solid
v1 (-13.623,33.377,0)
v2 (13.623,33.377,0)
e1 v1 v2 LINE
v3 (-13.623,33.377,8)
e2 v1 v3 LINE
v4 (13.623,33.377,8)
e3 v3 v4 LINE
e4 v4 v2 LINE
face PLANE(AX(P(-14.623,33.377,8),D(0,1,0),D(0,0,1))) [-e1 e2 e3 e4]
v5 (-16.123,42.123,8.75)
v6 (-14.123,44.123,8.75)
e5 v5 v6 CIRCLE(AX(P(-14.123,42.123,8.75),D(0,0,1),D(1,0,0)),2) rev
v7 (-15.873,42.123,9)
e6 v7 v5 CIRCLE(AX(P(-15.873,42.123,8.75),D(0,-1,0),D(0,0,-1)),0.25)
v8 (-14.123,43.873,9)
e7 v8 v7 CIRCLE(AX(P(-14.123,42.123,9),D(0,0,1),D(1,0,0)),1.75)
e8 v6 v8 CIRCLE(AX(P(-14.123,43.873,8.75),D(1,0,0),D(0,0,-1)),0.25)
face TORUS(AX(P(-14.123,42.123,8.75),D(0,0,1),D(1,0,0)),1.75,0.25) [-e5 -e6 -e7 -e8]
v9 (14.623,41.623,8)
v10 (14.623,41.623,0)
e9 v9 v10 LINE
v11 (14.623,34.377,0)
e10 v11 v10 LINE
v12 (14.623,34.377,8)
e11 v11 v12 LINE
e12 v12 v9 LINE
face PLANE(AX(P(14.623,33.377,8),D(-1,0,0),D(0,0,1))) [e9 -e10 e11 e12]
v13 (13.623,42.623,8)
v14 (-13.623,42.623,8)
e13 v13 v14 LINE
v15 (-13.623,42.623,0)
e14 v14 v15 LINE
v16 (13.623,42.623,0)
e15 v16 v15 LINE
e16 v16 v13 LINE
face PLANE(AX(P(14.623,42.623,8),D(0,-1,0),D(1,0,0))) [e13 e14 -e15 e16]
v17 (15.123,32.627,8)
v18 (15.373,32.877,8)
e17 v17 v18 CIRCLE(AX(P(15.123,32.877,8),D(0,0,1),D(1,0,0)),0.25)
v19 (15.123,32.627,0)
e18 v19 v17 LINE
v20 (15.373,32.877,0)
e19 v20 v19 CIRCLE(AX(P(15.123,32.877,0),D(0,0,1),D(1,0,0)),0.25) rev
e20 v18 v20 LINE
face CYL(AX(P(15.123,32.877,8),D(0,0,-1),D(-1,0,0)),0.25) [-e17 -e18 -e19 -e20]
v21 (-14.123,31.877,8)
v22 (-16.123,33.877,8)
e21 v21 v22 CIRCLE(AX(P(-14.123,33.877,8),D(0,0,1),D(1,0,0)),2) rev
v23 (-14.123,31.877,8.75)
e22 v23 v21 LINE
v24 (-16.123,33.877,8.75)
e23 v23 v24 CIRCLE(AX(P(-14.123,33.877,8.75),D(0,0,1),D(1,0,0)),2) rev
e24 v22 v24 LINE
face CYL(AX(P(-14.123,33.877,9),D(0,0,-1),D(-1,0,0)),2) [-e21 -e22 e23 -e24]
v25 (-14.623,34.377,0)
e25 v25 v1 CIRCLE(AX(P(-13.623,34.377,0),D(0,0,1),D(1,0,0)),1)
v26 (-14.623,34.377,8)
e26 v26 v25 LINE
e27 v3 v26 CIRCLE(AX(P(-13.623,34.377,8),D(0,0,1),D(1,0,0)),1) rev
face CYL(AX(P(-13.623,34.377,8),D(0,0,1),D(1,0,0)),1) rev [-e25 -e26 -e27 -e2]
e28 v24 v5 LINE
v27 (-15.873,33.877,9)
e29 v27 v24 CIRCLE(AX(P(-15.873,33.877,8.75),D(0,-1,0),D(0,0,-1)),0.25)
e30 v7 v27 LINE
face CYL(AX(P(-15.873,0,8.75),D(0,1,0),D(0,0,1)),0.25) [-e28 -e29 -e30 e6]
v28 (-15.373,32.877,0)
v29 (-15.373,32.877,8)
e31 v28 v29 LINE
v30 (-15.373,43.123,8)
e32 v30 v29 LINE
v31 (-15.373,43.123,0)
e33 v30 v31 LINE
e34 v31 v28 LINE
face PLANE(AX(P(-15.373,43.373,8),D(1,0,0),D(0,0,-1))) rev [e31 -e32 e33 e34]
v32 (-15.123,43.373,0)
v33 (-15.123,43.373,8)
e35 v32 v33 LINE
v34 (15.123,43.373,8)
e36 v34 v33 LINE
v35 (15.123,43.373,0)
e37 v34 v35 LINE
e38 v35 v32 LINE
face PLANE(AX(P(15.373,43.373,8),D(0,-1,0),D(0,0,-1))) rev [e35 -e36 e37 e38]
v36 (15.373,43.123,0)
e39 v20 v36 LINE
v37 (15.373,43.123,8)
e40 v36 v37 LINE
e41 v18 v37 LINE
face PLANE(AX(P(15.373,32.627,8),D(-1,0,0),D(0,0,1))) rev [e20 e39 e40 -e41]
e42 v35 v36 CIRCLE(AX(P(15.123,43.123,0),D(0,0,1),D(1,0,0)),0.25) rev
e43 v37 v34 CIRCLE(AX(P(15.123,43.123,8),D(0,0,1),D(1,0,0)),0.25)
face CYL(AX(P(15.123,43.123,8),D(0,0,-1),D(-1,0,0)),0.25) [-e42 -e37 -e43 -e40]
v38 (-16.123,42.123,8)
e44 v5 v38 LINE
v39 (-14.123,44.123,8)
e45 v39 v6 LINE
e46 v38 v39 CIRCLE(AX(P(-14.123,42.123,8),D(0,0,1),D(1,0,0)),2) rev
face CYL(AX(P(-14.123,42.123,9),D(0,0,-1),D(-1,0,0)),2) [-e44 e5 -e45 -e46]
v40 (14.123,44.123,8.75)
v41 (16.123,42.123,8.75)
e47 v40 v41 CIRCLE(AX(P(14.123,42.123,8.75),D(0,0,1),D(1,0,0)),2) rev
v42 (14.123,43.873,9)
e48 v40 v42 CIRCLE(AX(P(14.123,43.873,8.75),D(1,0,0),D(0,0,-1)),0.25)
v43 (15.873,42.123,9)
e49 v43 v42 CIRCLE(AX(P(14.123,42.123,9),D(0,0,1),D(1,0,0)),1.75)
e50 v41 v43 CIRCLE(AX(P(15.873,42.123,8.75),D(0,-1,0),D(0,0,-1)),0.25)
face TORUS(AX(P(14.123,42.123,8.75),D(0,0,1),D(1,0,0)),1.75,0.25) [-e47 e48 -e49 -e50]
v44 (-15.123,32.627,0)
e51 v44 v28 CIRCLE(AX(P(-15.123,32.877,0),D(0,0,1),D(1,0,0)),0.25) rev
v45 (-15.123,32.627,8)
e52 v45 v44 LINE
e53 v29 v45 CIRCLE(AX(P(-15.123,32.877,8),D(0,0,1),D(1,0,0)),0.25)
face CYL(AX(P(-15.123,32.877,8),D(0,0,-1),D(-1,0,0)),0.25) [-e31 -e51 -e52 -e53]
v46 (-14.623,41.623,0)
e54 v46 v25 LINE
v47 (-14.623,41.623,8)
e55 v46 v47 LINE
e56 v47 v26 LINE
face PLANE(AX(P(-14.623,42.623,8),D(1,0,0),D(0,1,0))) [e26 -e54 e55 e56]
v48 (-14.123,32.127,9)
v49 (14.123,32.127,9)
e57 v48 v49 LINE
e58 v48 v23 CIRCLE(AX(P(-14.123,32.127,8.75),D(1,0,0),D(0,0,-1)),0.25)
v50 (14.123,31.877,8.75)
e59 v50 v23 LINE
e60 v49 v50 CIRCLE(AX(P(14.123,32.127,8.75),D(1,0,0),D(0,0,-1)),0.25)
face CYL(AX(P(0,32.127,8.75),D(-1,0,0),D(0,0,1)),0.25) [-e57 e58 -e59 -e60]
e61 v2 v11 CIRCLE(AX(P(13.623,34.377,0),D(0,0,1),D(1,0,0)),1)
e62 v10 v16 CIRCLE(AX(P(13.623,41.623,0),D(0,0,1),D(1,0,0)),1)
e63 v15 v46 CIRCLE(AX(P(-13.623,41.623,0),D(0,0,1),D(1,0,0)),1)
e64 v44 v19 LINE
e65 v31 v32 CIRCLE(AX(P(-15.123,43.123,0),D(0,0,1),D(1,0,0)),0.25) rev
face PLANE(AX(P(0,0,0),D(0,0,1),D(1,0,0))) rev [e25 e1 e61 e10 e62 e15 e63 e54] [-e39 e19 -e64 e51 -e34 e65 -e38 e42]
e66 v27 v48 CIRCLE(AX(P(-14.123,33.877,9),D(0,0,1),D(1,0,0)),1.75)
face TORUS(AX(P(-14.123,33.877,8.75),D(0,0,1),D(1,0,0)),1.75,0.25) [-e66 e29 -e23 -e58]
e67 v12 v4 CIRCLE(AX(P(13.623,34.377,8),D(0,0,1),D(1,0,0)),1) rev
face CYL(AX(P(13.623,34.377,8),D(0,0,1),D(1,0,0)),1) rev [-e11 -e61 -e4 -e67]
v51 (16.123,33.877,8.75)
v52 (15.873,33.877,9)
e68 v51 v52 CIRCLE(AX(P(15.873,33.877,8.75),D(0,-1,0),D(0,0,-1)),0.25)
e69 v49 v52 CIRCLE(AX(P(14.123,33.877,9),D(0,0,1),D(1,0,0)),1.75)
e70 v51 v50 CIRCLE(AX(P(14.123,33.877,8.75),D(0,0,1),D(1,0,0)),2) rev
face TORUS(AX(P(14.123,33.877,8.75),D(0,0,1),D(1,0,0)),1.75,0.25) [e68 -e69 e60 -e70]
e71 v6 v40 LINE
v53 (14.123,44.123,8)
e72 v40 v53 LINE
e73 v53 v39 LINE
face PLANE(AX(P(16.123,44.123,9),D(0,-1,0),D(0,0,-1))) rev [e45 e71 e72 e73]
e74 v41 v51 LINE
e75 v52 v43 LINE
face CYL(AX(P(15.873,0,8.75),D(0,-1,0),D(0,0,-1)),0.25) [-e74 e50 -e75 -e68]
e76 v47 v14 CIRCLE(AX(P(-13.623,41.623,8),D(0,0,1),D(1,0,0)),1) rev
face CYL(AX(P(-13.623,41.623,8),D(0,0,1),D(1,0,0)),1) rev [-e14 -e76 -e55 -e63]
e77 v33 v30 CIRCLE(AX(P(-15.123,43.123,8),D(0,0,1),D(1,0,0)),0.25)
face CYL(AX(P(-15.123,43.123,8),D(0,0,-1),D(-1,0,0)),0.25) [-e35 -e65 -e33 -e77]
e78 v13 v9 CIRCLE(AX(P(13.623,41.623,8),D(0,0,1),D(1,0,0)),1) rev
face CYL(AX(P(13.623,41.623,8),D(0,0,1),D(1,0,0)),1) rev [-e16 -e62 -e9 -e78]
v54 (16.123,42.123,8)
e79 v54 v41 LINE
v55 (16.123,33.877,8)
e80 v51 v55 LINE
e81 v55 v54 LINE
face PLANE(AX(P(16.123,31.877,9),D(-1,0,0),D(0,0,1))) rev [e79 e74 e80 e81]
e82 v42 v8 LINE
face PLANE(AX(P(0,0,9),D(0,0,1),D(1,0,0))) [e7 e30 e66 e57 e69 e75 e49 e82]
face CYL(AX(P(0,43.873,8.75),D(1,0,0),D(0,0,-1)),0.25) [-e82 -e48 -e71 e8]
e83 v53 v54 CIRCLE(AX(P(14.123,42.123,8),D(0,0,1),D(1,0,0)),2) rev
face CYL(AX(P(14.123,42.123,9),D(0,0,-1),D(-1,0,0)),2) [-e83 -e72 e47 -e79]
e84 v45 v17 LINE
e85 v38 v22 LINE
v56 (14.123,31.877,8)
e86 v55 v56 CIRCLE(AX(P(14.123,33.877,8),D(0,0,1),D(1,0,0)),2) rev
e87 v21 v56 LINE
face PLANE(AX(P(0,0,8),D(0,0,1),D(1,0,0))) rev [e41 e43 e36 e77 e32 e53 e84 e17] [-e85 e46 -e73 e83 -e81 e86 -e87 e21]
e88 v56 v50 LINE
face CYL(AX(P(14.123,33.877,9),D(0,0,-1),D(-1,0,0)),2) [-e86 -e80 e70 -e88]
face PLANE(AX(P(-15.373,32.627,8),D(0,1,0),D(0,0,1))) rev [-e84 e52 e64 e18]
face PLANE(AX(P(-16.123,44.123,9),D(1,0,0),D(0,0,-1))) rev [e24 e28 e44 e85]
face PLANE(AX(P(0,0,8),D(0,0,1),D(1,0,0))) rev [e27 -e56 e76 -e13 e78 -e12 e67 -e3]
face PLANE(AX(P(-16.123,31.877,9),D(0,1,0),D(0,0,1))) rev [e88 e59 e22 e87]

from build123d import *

# Parameters (mm, degrees)
SKETCH1_W           = 30.746
SKETCH1_H           = 10.746
SKETCH1_W_2         = 29.246
SKETCH1_H_2         = 9.246
BOSS_EXTRUDE1_DEPTH = 8
SKETCH2_W           = 32.246
SKETCH2_H           = 12.246
BOSS_EXTRUDE2_DEPTH = 1
FILLET2_R           = 0.25
FILLET3_R           = 2
FILLET4_R           = 1
FILLET5_R           = 0.25


with BuildPart() as part:
    # Sketch1 → Boss-Extrude1 (new body)
    with BuildSketch(Plane.XY):
        with Locations((0, 38)):
            Rectangle(SKETCH1_W, SKETCH1_H)
        with Locations((0, 38)):
            Rectangle(SKETCH1_W_2, SKETCH1_H_2, mode=Mode.SUBTRACT)
    extrude(amount=BOSS_EXTRUDE1_DEPTH)

    # Sketch2 → Boss-Extrude2 (add)
    with BuildSketch(Plane.XY.offset(8)):
        with Locations((0, 38)):
            Rectangle(SKETCH2_W, SKETCH2_H)
    extrude(amount=BOSS_EXTRUDE2_DEPTH)

    # Fillet2
    fillet2_edges = [part.edges().sort_by_distance(p)[0] for p in [
        (-15.373, 43.373, 4),
        (15.373, 43.373, 4),
        (15.373, 32.627, 4),
        (-15.373, 32.627, 4),
    ]]
    fillet(fillet2_edges, radius=FILLET2_R)

    # Fillet3
    fillet3_edges = [part.edges().sort_by_distance(p)[0] for p in [
        (-16.123, 31.877, 8.5),
        (16.123, 31.877, 8.5),
        (16.123, 44.123, 8.5),
        (-16.123, 44.123, 8.5),
    ]]
    fillet(fillet3_edges, radius=FILLET3_R)

    # Fillet4
    fillet4_edges = [part.edges().sort_by_distance(p)[0] for p in [
        (14.623, 33.377, 4),
        (14.623, 42.623, 4),
        (-14.623, 42.623, 4),
        (-14.623, 33.377, 4),
    ]]
    fillet(fillet4_edges, radius=FILLET4_R)

    # Fillet5
    fillet5_edges = [part.edges().sort_by_distance(p)[0] for p in [
        (0, 44.123, 9),
        (16.123, 38, 9),
        (0, 31.877, 9),
        (-16.123, 38, 9),
        (-15.537213562, 43.537213562, 9),
        (-15.537213562, 32.462786438, 9),
        (15.537213562, 32.462786438, 9),
        (15.537213562, 43.537213562, 9),
    ]]
    fillet(fillet5_edges, radius=FILLET5_R)


solid = part.part
